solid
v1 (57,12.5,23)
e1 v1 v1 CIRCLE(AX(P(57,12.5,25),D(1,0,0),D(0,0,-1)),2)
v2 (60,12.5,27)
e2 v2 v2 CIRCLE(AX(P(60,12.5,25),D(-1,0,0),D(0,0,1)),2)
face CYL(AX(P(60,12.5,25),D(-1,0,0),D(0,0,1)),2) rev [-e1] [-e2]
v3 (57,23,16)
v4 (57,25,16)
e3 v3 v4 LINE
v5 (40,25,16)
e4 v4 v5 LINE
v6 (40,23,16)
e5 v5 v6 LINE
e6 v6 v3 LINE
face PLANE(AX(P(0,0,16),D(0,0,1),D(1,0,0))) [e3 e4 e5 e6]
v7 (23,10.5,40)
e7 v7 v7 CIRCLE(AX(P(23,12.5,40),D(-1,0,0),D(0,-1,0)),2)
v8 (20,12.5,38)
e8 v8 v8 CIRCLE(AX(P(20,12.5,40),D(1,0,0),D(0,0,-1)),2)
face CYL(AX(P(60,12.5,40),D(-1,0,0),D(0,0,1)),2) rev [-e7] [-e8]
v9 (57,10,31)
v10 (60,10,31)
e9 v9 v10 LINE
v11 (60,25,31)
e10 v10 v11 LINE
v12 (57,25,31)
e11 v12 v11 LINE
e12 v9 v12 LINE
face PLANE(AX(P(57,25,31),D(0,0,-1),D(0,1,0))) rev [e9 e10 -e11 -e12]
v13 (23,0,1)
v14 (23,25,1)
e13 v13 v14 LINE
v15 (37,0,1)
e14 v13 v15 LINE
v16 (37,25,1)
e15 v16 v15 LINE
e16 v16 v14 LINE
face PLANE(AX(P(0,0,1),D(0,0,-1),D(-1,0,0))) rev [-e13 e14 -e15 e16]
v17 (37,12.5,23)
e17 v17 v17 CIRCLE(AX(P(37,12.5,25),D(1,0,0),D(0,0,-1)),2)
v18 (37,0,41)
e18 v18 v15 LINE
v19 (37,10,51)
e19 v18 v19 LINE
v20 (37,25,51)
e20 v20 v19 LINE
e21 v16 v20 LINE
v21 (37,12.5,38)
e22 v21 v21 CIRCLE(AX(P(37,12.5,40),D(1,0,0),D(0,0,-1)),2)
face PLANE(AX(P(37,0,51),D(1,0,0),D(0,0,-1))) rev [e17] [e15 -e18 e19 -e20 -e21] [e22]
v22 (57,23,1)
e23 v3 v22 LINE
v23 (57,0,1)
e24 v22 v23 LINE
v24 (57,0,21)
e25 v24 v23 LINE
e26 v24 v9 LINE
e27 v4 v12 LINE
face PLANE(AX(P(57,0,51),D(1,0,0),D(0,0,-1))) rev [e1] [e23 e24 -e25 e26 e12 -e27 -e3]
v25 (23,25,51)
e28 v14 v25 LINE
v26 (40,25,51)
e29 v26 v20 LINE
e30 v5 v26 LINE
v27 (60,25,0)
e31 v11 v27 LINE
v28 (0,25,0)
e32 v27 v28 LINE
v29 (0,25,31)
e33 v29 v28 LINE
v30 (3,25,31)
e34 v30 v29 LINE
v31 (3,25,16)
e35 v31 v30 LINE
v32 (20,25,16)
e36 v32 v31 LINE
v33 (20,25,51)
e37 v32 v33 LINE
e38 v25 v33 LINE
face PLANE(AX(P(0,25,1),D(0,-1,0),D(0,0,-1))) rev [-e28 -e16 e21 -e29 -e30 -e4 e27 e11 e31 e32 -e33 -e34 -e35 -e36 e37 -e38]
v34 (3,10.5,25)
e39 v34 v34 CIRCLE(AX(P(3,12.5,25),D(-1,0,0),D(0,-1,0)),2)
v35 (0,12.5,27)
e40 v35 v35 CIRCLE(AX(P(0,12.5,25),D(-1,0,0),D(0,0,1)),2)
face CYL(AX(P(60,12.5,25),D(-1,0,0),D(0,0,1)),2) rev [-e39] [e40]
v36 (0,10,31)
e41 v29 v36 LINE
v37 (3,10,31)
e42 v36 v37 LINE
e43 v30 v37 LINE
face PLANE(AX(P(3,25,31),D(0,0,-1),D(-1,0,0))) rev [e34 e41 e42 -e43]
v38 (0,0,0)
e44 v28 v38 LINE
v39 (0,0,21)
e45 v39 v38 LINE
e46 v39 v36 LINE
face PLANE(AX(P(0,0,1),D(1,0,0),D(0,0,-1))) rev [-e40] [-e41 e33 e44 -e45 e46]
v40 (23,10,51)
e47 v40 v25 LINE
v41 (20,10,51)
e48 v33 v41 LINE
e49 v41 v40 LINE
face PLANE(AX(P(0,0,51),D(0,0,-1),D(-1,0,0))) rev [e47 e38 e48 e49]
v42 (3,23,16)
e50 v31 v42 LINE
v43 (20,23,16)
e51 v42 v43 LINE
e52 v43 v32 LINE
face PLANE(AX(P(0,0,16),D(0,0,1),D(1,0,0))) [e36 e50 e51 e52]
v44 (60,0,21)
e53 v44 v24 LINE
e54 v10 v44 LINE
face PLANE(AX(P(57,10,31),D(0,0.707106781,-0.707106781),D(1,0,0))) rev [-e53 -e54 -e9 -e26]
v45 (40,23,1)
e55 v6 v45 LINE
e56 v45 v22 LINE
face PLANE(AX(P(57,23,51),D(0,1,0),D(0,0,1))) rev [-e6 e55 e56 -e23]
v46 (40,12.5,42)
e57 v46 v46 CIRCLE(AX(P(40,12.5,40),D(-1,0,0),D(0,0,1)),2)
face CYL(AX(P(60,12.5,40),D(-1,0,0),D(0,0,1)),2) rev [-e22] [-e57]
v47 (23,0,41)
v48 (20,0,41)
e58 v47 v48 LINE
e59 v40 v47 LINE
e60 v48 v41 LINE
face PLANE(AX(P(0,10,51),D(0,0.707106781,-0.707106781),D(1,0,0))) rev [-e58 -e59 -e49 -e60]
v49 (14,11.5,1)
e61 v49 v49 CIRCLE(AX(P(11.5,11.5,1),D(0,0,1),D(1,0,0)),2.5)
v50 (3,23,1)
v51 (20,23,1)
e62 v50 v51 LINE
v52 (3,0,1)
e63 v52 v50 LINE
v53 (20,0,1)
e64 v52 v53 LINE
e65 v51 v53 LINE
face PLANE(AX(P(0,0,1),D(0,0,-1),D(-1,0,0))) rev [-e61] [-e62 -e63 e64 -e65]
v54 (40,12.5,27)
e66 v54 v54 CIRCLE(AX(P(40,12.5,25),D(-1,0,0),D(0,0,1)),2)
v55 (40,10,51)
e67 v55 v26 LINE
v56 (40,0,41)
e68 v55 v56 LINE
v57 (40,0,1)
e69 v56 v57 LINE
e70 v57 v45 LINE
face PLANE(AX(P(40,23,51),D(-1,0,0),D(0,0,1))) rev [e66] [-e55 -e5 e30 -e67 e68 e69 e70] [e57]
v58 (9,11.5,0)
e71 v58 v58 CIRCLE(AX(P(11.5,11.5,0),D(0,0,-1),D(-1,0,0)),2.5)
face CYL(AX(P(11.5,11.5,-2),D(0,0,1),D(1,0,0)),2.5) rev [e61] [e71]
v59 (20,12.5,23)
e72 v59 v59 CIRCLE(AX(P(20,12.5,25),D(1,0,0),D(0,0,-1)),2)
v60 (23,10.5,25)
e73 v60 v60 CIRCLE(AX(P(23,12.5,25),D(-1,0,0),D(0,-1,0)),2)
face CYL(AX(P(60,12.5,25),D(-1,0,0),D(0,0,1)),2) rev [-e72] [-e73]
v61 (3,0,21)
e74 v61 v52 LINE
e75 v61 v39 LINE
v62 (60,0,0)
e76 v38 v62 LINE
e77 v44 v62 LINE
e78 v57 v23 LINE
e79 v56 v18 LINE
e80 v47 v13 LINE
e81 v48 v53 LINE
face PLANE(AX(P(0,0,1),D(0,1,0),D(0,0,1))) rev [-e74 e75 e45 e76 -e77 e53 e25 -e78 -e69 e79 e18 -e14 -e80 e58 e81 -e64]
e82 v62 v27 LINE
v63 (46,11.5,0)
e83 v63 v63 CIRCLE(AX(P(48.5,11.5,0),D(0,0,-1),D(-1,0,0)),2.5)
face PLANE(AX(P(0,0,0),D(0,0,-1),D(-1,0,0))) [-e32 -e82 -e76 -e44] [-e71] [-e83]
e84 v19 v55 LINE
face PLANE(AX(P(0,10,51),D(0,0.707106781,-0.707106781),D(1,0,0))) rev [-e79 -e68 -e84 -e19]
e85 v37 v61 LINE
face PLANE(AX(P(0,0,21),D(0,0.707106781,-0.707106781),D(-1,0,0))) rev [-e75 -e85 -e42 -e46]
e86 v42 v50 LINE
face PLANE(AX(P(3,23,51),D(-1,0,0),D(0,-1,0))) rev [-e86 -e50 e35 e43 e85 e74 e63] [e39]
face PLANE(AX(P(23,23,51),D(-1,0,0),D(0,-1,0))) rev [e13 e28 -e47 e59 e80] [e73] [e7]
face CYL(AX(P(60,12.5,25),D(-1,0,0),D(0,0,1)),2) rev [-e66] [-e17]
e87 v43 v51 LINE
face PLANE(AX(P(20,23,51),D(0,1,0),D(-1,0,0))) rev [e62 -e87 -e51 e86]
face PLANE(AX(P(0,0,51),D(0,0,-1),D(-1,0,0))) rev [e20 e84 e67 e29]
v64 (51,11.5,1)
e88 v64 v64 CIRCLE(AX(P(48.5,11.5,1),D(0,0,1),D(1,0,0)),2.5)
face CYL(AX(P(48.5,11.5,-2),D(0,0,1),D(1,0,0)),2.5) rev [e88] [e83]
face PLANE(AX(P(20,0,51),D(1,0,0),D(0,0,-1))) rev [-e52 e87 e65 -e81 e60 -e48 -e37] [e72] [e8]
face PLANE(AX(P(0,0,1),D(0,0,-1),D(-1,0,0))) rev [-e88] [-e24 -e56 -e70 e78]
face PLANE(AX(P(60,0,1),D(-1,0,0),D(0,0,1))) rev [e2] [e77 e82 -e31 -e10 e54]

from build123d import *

# Parameters (mm, degrees)
SZKIC1_W                    = 60
SZKIC1_H                    = 25
DODANIE_WYCI_GNI_CIE1_DEPTH = 1
DODANIE_WYCI_GNI_CIE2_DEPTH = 50
SZKIC4_R                    = 2
WYTNIJ_WYCI_GNI_CIE1_DEPTH  = 61
SZKIC5_W                    = 17
SZKIC5_H                    = 2
WYTNIJ_WYCI_GNI_CIE2_DEPTH  = 35
SZKIC6_W                    = 20
SZKIC6_H                    = 25
WYTNIJ_WYCI_GNI_CIE3_DEPTH  = 3
SZKIC7_W                    = 20
SZKIC7_H                    = 25
WYTNIJ_WYCI_GNI_CIE4_DEPTH  = 3
SFAZOWANIE1_SIZE            = 10
SZKIC8_R                    = 2.5
WYTNIJ_WYCI_GNI_CIE5_DEPTH  = 3
SZKIC9_W                    = 14
SZKIC9_H                    = 2
WYTNIJ_WYCI_GNI_CIE6_DEPTH  = 50


with BuildPart() as part:
    # Szkic1 → Dodanie-wyciągnięcie1 (new body)
    with BuildSketch(Plane.XY):
        with Locations((30, 12.5)):
            Rectangle(SZKIC1_W, SZKIC1_H)
    extrude(amount=DODANIE_WYCI_GNI_CIE1_DEPTH)

    # Szkic3 → Dodanie-wyciągnięcie2 (add)
    with BuildSketch(Plane.XY.offset(1)):
        Polygon((0, 0), (0, 25), (60, 25), (60, 0), (57, 0), (57, 23), (40, 23), (40, 0), (37, 0), (37, 23), (23, 23), (23, 0), (20, 0), (20, 23), (3, 23), (3, 0), align=None)
    extrude(amount=DODANIE_WYCI_GNI_CIE2_DEPTH)

    # Szkic4 → Wytnij-wyciągnięcie1 (cut, through all)
    with BuildSketch(Plane.ZY):
        with Locations((25, 12.5)):
            Circle(SZKIC4_R)
        with Locations((40, 12.5)):
            Circle(SZKIC4_R)
    extrude(amount=-WYTNIJ_WYCI_GNI_CIE1_DEPTH, mode=Mode.SUBTRACT)

    # Szkic5 → Wytnij-wyciągnięcie2 (cut)
    with BuildSketch(Plane.XY.offset(51)):
        with Locations((48.5, 24)):
            Rectangle(SZKIC5_W, SZKIC5_H)
        with Locations((11.5, 24)):
            Rectangle(SZKIC5_W, SZKIC5_H)
    extrude(amount=-WYTNIJ_WYCI_GNI_CIE2_DEPTH, mode=Mode.SUBTRACT)

    # Szkic6 → Wytnij-wyciągnięcie3 (cut)
    with BuildSketch(Plane.ZY):
        with Locations((41, 12.5)):
            Rectangle(SZKIC6_W, SZKIC6_H)
    extrude(amount=-WYTNIJ_WYCI_GNI_CIE3_DEPTH, mode=Mode.SUBTRACT)

    # Szkic7 → Wytnij-wyciągnięcie4 (cut)
    with BuildSketch(Plane(origin=(60, 0, 0), x_dir=(0, 0, -1), z_dir=(1, 0, 0))):
        with Locations((-41, 12.5)):
            Rectangle(SZKIC7_W, SZKIC7_H)
    extrude(amount=-WYTNIJ_WYCI_GNI_CIE4_DEPTH, mode=Mode.SUBTRACT)

    # Sfazowanie1
    sfazowanie1_edges = [part.edges().sort_by_distance(p)[0] for p in [
        (1.5, 0, 31),
        (58.5, 0, 31),
        (21.5, 0, 51),
        (38.5, 0, 51),
    ]]
    chamfer(sfazowanie1_edges, length=SFAZOWANIE1_SIZE)

    # Szkic8 → Wytnij-wyciągnięcie5 (cut)
    with BuildSketch(Plane.XY.offset(1)):
        with Locations((11.5, 11.5)):
            Circle(SZKIC8_R)
        with Locations((48.5, 11.5)):
            Circle(SZKIC8_R)
    extrude(amount=-WYTNIJ_WYCI_GNI_CIE5_DEPTH, mode=Mode.SUBTRACT)

    # Szkic9 → Wytnij-wyciągnięcie6 (cut)
    with BuildSketch(Plane.XY.offset(51)):
        with Locations((30, 24)):
            Rectangle(SZKIC9_W, SZKIC9_H)
    extrude(amount=-WYTNIJ_WYCI_GNI_CIE6_DEPTH, mode=Mode.SUBTRACT)


solid = part.part
